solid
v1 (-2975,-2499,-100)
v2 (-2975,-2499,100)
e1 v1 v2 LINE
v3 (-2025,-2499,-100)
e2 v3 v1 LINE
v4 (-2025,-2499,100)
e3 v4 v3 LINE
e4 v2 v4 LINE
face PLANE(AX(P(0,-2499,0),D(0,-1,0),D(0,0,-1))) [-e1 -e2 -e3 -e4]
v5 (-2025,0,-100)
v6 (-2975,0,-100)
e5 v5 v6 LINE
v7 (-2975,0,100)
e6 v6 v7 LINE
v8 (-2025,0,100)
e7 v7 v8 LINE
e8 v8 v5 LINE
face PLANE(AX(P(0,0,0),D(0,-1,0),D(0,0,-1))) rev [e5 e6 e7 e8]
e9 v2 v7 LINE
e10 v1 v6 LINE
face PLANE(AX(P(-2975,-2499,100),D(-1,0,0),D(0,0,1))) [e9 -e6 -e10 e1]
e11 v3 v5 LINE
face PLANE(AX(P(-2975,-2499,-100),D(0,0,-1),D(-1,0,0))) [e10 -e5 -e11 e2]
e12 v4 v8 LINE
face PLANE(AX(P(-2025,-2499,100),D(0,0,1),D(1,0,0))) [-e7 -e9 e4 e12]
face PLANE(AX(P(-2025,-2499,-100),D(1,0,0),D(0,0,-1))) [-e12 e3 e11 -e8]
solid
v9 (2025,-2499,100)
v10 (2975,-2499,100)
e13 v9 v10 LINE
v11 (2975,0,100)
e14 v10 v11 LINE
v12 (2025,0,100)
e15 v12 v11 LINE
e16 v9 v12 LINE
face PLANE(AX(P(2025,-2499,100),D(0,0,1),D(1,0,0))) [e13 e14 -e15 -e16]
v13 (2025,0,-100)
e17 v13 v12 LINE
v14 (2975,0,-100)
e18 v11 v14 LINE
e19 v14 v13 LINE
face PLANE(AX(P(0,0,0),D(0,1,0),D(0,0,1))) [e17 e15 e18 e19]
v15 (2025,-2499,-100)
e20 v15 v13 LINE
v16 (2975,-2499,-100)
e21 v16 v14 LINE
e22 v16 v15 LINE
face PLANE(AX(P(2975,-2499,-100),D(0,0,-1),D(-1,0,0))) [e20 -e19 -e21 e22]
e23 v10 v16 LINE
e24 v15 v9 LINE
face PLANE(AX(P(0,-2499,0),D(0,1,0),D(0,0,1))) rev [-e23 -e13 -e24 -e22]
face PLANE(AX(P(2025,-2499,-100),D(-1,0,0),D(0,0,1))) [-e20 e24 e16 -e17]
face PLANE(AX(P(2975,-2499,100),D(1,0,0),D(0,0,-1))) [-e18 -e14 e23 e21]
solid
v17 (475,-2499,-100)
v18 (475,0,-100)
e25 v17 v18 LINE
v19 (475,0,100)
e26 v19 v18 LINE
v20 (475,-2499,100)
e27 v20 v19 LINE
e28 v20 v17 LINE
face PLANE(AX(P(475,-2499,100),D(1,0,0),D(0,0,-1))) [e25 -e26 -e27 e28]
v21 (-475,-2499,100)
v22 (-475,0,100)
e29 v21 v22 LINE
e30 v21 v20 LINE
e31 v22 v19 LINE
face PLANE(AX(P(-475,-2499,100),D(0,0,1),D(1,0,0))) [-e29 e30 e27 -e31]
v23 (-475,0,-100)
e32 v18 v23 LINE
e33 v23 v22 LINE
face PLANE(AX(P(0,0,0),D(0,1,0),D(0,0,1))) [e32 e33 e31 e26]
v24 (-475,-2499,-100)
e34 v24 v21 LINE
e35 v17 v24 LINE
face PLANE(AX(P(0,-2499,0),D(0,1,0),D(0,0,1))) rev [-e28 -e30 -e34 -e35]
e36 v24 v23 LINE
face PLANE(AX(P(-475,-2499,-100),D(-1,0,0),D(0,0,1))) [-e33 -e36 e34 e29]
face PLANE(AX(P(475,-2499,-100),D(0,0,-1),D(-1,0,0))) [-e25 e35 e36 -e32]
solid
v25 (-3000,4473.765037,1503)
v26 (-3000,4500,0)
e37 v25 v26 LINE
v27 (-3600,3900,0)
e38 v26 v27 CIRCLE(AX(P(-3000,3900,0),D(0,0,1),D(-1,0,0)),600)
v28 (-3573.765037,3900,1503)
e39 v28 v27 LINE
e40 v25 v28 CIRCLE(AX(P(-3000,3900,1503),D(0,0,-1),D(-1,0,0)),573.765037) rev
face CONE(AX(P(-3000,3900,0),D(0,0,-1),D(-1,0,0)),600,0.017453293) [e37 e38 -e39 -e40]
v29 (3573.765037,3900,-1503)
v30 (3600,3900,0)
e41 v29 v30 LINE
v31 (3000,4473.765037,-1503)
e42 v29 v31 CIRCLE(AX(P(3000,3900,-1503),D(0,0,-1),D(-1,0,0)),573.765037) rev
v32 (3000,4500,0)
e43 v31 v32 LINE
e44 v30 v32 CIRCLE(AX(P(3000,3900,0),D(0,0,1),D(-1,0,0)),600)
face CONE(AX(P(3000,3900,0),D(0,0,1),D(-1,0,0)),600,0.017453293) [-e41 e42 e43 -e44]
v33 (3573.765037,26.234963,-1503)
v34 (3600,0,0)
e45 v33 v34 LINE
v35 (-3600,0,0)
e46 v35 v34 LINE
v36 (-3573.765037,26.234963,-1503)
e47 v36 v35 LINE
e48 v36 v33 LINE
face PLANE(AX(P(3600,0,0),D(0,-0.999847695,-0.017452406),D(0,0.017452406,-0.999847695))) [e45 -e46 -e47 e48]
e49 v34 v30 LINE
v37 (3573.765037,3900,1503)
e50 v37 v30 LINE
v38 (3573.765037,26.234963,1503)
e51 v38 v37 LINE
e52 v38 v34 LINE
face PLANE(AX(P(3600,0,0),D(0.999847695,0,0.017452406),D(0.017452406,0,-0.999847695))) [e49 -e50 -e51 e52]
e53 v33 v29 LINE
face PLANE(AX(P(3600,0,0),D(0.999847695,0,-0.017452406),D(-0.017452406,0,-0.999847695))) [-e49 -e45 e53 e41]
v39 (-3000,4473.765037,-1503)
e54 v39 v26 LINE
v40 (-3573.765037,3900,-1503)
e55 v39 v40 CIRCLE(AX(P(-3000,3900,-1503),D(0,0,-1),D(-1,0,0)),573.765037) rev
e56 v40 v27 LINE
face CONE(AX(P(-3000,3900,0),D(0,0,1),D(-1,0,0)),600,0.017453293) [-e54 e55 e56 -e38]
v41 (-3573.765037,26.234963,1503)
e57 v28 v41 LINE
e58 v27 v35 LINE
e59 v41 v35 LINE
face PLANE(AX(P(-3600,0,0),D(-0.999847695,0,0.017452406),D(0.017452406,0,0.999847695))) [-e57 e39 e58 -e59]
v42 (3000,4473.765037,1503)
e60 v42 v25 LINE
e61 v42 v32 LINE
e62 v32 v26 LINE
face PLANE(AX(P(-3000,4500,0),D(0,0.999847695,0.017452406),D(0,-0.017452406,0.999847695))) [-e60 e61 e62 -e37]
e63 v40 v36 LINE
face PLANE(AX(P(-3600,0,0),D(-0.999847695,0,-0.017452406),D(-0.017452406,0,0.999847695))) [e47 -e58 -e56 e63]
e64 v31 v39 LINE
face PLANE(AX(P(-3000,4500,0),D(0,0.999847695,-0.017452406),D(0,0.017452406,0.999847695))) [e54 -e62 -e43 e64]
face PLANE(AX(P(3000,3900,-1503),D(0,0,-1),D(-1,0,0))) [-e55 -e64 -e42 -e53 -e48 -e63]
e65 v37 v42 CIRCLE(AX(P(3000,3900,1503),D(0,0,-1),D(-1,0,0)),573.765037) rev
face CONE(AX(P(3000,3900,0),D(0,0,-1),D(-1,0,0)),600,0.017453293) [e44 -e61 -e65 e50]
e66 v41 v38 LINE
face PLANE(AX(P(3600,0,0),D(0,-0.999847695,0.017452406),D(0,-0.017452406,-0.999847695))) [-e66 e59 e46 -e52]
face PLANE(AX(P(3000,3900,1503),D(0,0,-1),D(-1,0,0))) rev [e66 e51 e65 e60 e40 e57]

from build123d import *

# Parameters (mm, degrees)
SKETCH3_W                     = 950
SKETCH3_H                     = 200
BOSS_EXTRUDE1_DEPTH           = 2499
BOSS_EXTRUDE1_2_DEPTH         = 2499
BOSS_EXTRUDE1_3_DEPTH         = 2499
BOSS_EXTRUDE3_DEPTH           = 1503
BOSS_EXTRUDE3_TAPER           = 1
BOSS_EXTRUDE3_OTHER_WAY_DEPTH = 1503
BOSS_EXTRUDE3_OTHER_WAY_TAPER = 1


with BuildPart() as part:
    # Sketch3 → Boss-Extrude1 (new body)
    with BuildSketch(Plane(origin=(0, 0, 0), x_dir=(1, 0, 0), z_dir=(0, 1, 0))):
        with Locations((-2500, 0)):
            Rectangle(SKETCH3_W, SKETCH3_H)
    extrude(amount=-BOSS_EXTRUDE1_DEPTH)



with BuildPart() as body_2:
    # Sketch3 → Boss-Extrude1 2 (new body)
    with BuildSketch(Plane(origin=(0, 0, 0), x_dir=(1, 0, 0), z_dir=(0, 1, 0))):
        with Locations((2500, 0)):
            Rectangle(SKETCH3_W, SKETCH3_H)
    extrude(amount=-BOSS_EXTRUDE1_2_DEPTH)


with BuildPart() as body_3:
    # Sketch3 → Boss-Extrude1 3 (new body)
    with BuildSketch(Plane(origin=(0, 0, 0), x_dir=(1, 0, 0), z_dir=(0, 1, 0))):
        Rectangle(SKETCH3_W, SKETCH3_H)
    extrude(amount=-BOSS_EXTRUDE1_3_DEPTH)


with BuildPart() as body_4:
    # Sketch1 → Boss-Extrude3 (new body)
    with BuildSketch(Plane.XY):
        with BuildLine():
            Line((3600, 0), (3600, 3900))
            ThreePointArc((3600, 3900), (3424.264068712, 4324.264068712), (3000, 4500))
            Line((3000, 4500), (-3000, 4500))
            ThreePointArc((-3000, 4500), (-3424.264068712, 4324.264068712), (-3600, 3900))
            Line((-3600, 3900), (-3600, 0))
            Line((-3600, 0), (3600, 0))
        make_face()
    extrude(amount=BOSS_EXTRUDE3_DEPTH, taper=BOSS_EXTRUDE3_TAPER)


with BuildPart() as part_1:
    add(part.part)

    add(body_2.part)  # Boss-Extrude3 other way merges body 2

    add(body_3.part)  # Boss-Extrude3 other way merges body 3

    add(body_4.part)  # Boss-Extrude3 other way merges body 4
    # Sketch1 → Boss-Extrude3 other way (add)
    with BuildSketch(Plane.XY):
        with BuildLine():
            Line((3600, 0), (3600, 3900))
            ThreePointArc((3600, 3900), (3424.264068712, 4324.264068712), (3000, 4500))
            Line((3000, 4500), (-3000, 4500))
            ThreePointArc((-3000, 4500), (-3424.264068712, 4324.264068712), (-3600, 3900))
            Line((-3600, 3900), (-3600, 0))
            Line((-3600, 0), (3600, 0))
        make_face()
    extrude(amount=-BOSS_EXTRUDE3_OTHER_WAY_DEPTH, taper=BOSS_EXTRUDE3_OTHER_WAY_TAPER)


solid = part_1.part
